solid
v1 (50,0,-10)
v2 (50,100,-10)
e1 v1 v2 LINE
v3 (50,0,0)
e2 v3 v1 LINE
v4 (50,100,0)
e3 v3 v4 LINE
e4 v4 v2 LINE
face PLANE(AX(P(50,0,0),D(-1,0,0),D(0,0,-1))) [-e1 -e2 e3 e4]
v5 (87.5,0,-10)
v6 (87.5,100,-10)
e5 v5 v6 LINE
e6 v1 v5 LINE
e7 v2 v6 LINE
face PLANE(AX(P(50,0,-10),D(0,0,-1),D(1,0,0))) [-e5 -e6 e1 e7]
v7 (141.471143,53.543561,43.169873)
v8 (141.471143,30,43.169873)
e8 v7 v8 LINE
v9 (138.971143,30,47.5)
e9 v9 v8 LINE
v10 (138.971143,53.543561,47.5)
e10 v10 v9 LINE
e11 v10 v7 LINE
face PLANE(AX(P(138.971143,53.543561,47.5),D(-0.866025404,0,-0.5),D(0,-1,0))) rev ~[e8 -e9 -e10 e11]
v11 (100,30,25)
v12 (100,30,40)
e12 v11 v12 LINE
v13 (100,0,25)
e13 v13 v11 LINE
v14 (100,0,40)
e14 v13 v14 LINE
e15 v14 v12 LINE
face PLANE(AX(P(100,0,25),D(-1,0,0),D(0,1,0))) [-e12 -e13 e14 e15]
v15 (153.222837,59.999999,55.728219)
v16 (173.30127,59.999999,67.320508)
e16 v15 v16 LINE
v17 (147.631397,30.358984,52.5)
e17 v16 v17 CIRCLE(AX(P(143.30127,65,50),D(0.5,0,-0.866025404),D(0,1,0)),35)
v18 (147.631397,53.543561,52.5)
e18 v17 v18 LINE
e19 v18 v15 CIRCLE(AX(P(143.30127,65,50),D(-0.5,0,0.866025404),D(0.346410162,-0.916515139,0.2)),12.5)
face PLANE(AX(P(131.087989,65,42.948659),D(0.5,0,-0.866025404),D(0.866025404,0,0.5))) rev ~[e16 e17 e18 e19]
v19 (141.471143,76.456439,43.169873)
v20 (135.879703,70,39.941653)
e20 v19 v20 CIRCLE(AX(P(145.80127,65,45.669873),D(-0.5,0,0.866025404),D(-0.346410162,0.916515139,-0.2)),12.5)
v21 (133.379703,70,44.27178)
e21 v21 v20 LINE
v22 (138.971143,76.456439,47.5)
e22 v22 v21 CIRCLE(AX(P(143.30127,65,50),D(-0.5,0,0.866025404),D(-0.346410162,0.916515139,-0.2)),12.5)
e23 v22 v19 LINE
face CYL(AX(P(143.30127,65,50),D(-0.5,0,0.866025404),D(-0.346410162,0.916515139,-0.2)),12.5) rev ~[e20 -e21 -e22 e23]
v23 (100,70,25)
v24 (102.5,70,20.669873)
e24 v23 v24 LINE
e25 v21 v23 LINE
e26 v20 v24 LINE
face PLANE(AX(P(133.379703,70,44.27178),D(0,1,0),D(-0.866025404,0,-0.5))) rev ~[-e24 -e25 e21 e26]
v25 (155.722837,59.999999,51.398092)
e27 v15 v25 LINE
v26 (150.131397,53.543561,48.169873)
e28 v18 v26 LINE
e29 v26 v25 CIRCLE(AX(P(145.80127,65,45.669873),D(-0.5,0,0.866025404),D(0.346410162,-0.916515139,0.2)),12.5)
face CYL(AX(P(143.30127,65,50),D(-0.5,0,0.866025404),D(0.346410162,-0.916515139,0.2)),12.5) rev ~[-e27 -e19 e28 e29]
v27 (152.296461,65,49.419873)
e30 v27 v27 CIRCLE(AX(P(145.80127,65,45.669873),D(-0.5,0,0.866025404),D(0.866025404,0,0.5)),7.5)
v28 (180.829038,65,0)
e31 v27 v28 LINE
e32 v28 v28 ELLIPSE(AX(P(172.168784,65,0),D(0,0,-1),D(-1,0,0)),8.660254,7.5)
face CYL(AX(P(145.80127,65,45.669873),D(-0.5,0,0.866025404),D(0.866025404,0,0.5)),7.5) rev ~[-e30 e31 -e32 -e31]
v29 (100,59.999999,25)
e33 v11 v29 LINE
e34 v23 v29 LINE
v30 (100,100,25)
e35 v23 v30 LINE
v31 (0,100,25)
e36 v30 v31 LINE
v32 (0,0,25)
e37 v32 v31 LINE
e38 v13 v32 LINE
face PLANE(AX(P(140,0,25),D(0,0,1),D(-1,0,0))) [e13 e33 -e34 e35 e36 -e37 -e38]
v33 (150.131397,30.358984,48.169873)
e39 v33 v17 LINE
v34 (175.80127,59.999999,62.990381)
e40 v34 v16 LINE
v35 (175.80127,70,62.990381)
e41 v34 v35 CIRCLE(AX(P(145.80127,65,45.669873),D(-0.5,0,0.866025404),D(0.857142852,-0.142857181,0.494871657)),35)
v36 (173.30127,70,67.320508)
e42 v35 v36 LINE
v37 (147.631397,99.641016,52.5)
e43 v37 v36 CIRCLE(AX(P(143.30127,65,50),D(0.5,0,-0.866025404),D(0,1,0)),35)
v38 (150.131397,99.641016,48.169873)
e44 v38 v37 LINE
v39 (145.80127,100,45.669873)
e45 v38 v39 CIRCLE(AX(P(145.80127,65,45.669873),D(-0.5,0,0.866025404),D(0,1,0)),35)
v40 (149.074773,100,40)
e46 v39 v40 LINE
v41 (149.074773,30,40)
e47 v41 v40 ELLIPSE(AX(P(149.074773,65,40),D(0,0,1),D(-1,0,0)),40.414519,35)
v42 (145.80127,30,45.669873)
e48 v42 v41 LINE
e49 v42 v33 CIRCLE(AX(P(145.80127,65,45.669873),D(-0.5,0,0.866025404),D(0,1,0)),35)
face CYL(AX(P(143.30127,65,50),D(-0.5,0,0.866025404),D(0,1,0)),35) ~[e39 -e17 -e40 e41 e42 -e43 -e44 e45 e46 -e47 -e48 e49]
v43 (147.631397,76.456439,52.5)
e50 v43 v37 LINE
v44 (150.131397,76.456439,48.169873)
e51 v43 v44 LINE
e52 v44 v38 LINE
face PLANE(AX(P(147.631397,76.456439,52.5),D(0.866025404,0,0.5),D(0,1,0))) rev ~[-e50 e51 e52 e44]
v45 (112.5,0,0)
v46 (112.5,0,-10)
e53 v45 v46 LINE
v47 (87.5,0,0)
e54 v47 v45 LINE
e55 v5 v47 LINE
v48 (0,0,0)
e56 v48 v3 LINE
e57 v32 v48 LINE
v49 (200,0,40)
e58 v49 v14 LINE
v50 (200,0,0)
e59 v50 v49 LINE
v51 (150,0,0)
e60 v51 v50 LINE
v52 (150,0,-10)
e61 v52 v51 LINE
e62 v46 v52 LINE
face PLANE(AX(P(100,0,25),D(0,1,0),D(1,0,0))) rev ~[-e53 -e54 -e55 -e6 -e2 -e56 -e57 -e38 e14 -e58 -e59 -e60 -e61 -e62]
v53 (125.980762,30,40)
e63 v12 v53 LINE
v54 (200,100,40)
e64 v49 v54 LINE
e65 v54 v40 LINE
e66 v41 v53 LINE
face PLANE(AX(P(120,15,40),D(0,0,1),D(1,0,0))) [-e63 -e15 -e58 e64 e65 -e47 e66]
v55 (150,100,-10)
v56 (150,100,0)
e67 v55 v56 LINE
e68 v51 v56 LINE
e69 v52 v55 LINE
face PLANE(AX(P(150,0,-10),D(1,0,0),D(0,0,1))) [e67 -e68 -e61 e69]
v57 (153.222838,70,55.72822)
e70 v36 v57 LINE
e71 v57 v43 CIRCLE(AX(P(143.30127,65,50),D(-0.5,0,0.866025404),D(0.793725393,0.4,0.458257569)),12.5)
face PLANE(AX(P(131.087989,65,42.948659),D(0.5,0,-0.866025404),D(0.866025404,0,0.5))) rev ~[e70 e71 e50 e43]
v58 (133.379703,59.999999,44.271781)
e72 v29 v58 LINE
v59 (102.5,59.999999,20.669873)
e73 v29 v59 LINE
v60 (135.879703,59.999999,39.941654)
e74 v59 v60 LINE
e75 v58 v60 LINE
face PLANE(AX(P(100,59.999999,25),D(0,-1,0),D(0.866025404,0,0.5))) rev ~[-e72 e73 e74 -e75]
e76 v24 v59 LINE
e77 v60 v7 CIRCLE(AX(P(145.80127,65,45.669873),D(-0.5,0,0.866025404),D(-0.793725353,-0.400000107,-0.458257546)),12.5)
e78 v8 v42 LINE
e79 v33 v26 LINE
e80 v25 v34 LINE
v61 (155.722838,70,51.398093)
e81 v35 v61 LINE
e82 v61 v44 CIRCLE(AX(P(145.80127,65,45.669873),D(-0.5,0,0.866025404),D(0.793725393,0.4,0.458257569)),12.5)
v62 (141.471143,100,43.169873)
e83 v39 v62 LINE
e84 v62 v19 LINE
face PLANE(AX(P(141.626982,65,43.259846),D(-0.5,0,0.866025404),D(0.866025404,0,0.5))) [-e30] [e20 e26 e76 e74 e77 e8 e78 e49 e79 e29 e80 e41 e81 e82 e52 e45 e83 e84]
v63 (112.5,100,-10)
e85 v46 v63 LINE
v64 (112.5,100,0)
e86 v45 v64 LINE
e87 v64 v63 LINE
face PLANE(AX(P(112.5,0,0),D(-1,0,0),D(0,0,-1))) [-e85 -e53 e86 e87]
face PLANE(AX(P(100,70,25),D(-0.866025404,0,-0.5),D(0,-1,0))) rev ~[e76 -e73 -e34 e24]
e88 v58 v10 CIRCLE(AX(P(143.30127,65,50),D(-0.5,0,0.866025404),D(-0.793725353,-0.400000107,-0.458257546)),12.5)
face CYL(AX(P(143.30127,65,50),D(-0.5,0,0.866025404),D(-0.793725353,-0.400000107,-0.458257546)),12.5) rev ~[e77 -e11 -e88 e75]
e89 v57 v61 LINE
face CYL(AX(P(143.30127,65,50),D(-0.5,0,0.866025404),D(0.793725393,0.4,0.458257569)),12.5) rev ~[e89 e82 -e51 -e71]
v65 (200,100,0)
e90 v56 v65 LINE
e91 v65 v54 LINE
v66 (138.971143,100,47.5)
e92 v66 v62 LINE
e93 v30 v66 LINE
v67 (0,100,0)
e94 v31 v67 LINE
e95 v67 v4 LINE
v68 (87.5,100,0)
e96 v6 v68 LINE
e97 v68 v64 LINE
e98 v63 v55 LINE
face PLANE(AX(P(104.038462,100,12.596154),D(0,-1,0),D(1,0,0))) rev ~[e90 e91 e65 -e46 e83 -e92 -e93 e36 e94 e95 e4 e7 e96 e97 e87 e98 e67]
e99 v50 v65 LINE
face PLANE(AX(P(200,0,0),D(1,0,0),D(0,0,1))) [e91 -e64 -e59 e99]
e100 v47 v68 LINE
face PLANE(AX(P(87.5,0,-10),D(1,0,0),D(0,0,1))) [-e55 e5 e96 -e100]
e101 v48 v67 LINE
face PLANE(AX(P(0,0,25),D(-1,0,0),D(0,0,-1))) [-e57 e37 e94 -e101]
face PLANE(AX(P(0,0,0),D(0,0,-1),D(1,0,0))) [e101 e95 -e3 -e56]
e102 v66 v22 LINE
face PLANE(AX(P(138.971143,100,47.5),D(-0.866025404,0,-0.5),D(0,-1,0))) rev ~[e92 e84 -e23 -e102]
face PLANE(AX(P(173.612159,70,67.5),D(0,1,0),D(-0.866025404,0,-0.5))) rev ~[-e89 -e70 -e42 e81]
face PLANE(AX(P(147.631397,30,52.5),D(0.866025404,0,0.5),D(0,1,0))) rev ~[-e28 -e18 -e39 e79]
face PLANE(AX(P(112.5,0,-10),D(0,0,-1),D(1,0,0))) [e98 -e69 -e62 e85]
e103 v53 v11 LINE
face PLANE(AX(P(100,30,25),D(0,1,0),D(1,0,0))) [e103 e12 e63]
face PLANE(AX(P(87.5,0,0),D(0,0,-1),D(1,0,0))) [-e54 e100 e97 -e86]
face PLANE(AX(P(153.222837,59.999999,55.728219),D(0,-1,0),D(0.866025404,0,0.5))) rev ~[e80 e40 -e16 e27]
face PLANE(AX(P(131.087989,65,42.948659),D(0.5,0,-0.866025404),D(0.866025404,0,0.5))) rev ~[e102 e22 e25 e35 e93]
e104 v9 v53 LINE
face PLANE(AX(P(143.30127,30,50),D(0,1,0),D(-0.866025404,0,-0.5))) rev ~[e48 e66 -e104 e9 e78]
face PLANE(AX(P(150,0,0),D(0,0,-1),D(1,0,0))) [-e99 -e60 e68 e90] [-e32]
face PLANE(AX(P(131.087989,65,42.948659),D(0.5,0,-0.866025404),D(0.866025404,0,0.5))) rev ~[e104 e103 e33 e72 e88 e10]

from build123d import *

# Parameters (mm, degrees)
F1_DEPTH  = 100
F5_DEPTH  = 40
F7_DEPTH  = 5
F8_R      = 7.5
F9_DEPTH  = 75.3118891325
F10_W     = 40
F10_H     = 30
F11_DEPTH = 15


with BuildPart() as f1:
    # F0 (on Front) → F1 (new body)
    with BuildSketch(Plane.XZ):
        Polygon((0, 25), (0, 0), (50, 0), (50, -10), (87.5, -10), (87.5, 0), (112.5, 0), (112.5, -10), (150, -10), (150, 0), (200, 0), (200, 40), (140, 40), (140, 25), align=None)
    extrude(amount=-F1_DEPTH)

    # F4 (on line) → F5 (join)
    with BuildSketch(Plane(origin=(14.1746824527, 0, -24.5512701892), x_dir=(0.8660254038, 0, 0.5), z_dir=(0.5, 0, -0.8660254038))):
        with BuildLine():
            Line((99.1025403784, -30), (99.1025403784, -100))
            Line((99.1025403784, -100), (149.1025403784, -100))
            ThreePointArc((149.1025403784, -100), (184.1025403784, -65), (149.1025403784, -30))
            Line((149.1025403784, -30), (99.1025403784, -30))
        make_face()
    extrude(amount=F5_DEPTH)

    # F6 (on face) → F7 (cut)
    with BuildSketch(Plane(origin=(14.1746824527, 0, -24.5512701892), x_dir=(0.8660254038, 0, 0.5), z_dir=(-0.5, 0, 0.8660254038))):
        with BuildLine():
            Line((154.1025403784, 100), (144.1025403784, 100))
            Line((144.1025403784, 100), (144.1025403784, 76.4564392374))
            ThreePointArc((144.1025403784, 76.4564392374), (140.2637056136, 73.8388347648), (137.6461011411, 70))
            Line((137.6461011411, 70), (99.1025403784, 70))
            Line((99.1025403784, 70), (99.1025403784, 59.9999986589))
            Line((99.1025403784, 59.9999986589), (137.6461017264, 59.9999986589))
            ThreePointArc((137.6461017264, 59.9999986589), (140.263706131, 56.1611647178), (144.1025403784, 53.5435607626))
            Line((144.1025403784, 53.5435607626), (144.1025403784, 30))
            Line((144.1025403784, 30), (154.1025403784, 30))
            Line((154.1025403784, 30), (154.1025403784, 53.5435607626))
            ThreePointArc((154.1025403784, 53.5435607626), (157.9413746259, 56.1611647178), (160.5589790305, 59.9999986589))
            Line((160.5589790305, 59.9999986589), (184.1025403784, 59.9999986589))
            Line((184.1025403784, 59.9999986589), (184.1025403784, 70))
            Line((184.1025403784, 70), (160.5589796158, 70))
            ThreePointArc((160.5589796158, 70), (157.9413751433, 73.8388347648), (154.1025403784, 76.4564392374))
            Line((154.1025403784, 76.4564392374), (154.1025403784, 100))
        make_face()
    extrude(amount=-F7_DEPTH, mode=Mode.SUBTRACT)

    # F8 (on face) → F9 (cut, through all)
    with BuildSketch(Plane(origin=(16.6746824527, 0, -28.8813972081), x_dir=(0.8660254038, 0, 0.5), z_dir=(-0.5, 0, 0.8660254038))):
        with Locations((149.1025403784, 65)):
            Circle(F8_R)
    extrude(amount=-F9_DEPTH, mode=Mode.SUBTRACT)

    # F10 (on face) → F11 (join, through all)
    with BuildSketch(Plane.XY.offset(25)):
        with Locations((120, 15)):
            Rectangle(F10_W, F10_H)
    extrude(amount=F11_DEPTH)


solid = f1.part
